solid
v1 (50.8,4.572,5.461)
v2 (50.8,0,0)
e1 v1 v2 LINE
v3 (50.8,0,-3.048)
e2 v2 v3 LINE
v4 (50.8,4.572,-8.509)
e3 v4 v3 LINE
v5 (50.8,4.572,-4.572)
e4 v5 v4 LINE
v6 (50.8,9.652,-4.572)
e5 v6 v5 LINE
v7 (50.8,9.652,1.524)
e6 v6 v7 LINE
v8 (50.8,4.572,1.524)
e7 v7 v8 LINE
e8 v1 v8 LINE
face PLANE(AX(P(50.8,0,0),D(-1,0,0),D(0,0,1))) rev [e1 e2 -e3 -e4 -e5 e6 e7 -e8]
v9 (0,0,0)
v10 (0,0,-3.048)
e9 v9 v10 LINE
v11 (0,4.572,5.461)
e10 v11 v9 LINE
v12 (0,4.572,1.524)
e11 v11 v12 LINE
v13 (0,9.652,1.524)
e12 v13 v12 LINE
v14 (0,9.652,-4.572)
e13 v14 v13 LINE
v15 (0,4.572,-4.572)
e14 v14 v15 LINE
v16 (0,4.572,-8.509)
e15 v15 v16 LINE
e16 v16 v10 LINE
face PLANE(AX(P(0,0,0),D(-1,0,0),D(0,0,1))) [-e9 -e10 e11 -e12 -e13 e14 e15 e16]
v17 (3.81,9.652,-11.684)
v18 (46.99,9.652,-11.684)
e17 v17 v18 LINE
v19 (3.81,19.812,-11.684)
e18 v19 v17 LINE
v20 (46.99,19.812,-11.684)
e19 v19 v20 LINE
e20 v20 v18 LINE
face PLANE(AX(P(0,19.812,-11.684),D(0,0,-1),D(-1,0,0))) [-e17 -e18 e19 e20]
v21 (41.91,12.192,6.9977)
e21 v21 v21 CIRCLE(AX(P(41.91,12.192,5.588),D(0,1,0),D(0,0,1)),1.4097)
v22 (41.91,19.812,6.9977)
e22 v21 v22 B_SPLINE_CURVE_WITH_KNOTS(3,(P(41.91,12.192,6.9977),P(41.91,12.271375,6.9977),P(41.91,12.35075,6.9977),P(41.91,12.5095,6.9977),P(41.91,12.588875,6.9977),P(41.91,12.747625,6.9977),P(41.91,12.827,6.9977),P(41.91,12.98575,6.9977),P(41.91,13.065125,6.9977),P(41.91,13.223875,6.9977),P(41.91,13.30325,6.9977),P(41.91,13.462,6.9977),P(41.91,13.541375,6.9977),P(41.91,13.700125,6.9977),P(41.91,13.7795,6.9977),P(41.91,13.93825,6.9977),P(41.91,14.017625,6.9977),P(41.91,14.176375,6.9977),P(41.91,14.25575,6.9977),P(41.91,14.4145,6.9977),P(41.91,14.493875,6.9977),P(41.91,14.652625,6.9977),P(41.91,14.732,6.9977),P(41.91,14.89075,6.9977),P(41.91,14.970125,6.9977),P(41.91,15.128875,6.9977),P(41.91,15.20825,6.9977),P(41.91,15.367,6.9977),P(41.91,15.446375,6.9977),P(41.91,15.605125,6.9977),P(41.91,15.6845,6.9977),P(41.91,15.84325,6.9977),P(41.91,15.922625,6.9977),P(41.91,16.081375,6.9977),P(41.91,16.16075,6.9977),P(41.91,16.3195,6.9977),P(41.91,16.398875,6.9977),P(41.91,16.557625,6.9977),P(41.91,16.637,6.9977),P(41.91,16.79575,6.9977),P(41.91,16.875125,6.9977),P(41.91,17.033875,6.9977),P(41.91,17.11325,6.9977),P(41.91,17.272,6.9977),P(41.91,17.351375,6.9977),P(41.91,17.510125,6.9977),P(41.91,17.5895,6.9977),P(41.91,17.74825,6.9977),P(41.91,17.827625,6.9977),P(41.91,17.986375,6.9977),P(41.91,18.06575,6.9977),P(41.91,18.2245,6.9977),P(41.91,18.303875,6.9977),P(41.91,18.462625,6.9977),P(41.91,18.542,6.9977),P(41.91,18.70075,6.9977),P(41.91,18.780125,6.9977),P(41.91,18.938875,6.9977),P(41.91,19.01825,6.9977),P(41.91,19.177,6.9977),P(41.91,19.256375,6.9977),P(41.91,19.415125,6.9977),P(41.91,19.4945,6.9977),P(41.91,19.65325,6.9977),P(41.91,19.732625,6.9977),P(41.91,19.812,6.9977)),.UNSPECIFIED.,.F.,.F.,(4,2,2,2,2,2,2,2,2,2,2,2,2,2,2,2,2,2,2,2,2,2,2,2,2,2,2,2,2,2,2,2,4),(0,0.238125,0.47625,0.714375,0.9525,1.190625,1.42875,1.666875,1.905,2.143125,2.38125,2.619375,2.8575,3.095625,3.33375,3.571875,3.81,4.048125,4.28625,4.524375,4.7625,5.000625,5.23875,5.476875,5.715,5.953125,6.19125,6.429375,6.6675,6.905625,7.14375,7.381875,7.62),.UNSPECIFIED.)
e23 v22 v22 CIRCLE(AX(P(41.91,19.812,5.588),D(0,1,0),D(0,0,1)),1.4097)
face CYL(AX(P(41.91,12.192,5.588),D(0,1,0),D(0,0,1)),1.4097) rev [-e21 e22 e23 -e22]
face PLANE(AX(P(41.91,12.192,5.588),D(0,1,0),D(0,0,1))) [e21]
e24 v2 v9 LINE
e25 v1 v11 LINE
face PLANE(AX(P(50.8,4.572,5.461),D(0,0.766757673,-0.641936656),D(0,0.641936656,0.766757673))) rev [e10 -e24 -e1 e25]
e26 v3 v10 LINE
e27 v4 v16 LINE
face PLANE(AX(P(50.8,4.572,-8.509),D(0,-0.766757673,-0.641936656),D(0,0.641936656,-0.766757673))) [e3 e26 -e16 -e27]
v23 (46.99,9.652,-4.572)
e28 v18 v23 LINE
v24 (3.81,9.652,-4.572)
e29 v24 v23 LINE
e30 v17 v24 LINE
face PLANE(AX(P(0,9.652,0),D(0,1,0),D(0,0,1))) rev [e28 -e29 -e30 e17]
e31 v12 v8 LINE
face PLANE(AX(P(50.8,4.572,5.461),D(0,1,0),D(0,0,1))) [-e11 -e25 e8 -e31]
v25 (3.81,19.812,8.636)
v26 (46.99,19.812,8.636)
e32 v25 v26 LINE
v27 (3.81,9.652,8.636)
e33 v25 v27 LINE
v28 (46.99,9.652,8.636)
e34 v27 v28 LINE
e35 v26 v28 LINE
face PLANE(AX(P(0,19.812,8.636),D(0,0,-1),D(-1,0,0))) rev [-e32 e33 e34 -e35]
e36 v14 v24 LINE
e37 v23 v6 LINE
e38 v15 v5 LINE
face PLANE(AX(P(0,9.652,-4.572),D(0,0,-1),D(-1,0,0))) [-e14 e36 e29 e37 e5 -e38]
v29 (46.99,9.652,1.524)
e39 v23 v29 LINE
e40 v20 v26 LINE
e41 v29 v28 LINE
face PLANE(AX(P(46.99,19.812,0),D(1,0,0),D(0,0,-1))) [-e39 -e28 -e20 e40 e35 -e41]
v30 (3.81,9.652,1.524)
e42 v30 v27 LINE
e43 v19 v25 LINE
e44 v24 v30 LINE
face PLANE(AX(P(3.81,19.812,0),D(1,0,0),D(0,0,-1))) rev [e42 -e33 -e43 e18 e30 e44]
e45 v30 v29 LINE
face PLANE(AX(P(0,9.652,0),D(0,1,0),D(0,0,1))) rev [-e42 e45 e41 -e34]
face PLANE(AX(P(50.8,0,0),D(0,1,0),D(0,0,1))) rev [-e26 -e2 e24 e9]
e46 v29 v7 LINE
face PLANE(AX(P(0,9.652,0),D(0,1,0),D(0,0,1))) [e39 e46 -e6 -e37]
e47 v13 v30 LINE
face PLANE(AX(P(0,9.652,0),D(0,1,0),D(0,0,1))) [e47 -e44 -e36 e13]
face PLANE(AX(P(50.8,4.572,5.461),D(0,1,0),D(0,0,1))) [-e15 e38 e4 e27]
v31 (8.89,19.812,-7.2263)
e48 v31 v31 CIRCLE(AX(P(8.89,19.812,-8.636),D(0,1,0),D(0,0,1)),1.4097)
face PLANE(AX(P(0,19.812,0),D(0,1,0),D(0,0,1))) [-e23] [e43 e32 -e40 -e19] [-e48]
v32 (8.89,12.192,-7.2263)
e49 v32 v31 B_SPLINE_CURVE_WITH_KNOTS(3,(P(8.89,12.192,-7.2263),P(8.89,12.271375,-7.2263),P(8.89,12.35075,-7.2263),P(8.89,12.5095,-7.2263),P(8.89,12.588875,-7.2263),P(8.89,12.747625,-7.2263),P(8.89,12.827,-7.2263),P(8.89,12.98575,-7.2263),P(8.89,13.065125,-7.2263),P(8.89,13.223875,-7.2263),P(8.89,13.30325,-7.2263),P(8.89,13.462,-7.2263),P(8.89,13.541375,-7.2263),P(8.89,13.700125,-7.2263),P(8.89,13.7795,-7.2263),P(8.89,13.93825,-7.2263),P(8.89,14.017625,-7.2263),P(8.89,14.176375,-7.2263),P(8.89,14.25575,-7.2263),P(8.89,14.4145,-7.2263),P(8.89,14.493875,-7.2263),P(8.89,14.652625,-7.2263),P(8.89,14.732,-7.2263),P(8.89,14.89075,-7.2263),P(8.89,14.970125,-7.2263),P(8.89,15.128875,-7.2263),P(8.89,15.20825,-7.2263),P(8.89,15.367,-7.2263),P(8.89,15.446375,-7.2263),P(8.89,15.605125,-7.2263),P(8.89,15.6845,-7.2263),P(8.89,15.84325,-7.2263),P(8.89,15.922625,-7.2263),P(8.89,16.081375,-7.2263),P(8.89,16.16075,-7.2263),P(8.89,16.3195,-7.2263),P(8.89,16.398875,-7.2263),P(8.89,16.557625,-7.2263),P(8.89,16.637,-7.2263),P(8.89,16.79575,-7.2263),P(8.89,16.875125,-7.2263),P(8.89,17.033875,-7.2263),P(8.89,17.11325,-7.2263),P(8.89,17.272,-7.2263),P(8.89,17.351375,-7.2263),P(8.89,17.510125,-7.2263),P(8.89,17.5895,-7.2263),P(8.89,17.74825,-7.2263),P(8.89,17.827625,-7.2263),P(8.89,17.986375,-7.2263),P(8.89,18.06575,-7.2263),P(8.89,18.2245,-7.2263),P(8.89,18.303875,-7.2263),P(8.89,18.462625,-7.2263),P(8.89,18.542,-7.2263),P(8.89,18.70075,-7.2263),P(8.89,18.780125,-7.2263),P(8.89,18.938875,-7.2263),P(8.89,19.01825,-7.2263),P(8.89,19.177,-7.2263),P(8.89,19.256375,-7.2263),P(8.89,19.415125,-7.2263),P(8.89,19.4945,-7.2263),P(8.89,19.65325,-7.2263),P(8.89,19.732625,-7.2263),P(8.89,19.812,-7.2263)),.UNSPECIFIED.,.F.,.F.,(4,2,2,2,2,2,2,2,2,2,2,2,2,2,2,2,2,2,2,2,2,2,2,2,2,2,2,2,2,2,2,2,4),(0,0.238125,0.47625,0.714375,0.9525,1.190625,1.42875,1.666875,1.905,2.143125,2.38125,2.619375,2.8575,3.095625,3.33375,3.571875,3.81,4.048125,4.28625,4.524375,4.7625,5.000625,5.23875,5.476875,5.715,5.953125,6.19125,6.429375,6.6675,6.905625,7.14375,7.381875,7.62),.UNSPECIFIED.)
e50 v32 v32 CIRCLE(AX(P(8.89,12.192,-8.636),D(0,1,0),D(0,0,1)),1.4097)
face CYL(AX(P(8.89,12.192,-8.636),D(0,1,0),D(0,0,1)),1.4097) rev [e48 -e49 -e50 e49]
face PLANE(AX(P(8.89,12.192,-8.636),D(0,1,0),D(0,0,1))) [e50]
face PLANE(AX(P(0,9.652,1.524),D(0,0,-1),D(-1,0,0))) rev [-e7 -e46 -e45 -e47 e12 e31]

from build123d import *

# Parameters (mm, degrees)
BOSS_EXTRUDE1_DEPTH = 50.8
SKETCH2_W           = 50.8
SKETCH2_H           = 6.096
BOSS_EXTRUDE2_DEPTH = 5.08
SKETCH3_W           = 43.18
SKETCH3_H           = 20.32
BOSS_EXTRUDE3_DEPTH = 10.16
SKETCH4_R           = 1.4097
CUT_EXTRUDE1_DEPTH  = 7.62


with BuildPart() as part:
    # Sketch1 → Boss-Extrude1 (new body)
    with BuildSketch(Plane(origin=(0, 0, 0), x_dir=(0, 0, -1), z_dir=(1, 0, 0))):
        Polygon((0, 0), (3.048, 0), (8.509, 4.572), (-5.461, 4.572), align=None)
    extrude(amount=BOSS_EXTRUDE1_DEPTH)

    # Sketch2 → Boss-Extrude2 (add)
    with BuildSketch(Plane(origin=(0, 4.572, 0), x_dir=(1, 0, 0), z_dir=(0, 1, 0))):
        with Locations((25.4, 1.524)):
            Rectangle(SKETCH2_W, SKETCH2_H)
    extrude(amount=BOSS_EXTRUDE2_DEPTH)

    # Sketch3 → Boss-Extrude3 (add)
    with BuildSketch(Plane(origin=(0, 9.652, 0), x_dir=(1, 0, 0), z_dir=(0, 1, 0))):
        with Locations((25.4, 1.524)):
            Rectangle(SKETCH3_W, SKETCH3_H)
    extrude(amount=BOSS_EXTRUDE3_DEPTH)

    # Sketch4 → Cut-Extrude1 (cut)
    with BuildSketch(Plane(origin=(0, 19.812, 0), x_dir=(1, 0, 0), z_dir=(0, 1, 0))):
        with Locations((41.91, -5.588)):
            Circle(SKETCH4_R)
        with Locations((8.89, 8.636)):
            Circle(SKETCH4_R)
    extrude(amount=-CUT_EXTRUDE1_DEPTH, mode=Mode.SUBTRACT)


solid = part.part
